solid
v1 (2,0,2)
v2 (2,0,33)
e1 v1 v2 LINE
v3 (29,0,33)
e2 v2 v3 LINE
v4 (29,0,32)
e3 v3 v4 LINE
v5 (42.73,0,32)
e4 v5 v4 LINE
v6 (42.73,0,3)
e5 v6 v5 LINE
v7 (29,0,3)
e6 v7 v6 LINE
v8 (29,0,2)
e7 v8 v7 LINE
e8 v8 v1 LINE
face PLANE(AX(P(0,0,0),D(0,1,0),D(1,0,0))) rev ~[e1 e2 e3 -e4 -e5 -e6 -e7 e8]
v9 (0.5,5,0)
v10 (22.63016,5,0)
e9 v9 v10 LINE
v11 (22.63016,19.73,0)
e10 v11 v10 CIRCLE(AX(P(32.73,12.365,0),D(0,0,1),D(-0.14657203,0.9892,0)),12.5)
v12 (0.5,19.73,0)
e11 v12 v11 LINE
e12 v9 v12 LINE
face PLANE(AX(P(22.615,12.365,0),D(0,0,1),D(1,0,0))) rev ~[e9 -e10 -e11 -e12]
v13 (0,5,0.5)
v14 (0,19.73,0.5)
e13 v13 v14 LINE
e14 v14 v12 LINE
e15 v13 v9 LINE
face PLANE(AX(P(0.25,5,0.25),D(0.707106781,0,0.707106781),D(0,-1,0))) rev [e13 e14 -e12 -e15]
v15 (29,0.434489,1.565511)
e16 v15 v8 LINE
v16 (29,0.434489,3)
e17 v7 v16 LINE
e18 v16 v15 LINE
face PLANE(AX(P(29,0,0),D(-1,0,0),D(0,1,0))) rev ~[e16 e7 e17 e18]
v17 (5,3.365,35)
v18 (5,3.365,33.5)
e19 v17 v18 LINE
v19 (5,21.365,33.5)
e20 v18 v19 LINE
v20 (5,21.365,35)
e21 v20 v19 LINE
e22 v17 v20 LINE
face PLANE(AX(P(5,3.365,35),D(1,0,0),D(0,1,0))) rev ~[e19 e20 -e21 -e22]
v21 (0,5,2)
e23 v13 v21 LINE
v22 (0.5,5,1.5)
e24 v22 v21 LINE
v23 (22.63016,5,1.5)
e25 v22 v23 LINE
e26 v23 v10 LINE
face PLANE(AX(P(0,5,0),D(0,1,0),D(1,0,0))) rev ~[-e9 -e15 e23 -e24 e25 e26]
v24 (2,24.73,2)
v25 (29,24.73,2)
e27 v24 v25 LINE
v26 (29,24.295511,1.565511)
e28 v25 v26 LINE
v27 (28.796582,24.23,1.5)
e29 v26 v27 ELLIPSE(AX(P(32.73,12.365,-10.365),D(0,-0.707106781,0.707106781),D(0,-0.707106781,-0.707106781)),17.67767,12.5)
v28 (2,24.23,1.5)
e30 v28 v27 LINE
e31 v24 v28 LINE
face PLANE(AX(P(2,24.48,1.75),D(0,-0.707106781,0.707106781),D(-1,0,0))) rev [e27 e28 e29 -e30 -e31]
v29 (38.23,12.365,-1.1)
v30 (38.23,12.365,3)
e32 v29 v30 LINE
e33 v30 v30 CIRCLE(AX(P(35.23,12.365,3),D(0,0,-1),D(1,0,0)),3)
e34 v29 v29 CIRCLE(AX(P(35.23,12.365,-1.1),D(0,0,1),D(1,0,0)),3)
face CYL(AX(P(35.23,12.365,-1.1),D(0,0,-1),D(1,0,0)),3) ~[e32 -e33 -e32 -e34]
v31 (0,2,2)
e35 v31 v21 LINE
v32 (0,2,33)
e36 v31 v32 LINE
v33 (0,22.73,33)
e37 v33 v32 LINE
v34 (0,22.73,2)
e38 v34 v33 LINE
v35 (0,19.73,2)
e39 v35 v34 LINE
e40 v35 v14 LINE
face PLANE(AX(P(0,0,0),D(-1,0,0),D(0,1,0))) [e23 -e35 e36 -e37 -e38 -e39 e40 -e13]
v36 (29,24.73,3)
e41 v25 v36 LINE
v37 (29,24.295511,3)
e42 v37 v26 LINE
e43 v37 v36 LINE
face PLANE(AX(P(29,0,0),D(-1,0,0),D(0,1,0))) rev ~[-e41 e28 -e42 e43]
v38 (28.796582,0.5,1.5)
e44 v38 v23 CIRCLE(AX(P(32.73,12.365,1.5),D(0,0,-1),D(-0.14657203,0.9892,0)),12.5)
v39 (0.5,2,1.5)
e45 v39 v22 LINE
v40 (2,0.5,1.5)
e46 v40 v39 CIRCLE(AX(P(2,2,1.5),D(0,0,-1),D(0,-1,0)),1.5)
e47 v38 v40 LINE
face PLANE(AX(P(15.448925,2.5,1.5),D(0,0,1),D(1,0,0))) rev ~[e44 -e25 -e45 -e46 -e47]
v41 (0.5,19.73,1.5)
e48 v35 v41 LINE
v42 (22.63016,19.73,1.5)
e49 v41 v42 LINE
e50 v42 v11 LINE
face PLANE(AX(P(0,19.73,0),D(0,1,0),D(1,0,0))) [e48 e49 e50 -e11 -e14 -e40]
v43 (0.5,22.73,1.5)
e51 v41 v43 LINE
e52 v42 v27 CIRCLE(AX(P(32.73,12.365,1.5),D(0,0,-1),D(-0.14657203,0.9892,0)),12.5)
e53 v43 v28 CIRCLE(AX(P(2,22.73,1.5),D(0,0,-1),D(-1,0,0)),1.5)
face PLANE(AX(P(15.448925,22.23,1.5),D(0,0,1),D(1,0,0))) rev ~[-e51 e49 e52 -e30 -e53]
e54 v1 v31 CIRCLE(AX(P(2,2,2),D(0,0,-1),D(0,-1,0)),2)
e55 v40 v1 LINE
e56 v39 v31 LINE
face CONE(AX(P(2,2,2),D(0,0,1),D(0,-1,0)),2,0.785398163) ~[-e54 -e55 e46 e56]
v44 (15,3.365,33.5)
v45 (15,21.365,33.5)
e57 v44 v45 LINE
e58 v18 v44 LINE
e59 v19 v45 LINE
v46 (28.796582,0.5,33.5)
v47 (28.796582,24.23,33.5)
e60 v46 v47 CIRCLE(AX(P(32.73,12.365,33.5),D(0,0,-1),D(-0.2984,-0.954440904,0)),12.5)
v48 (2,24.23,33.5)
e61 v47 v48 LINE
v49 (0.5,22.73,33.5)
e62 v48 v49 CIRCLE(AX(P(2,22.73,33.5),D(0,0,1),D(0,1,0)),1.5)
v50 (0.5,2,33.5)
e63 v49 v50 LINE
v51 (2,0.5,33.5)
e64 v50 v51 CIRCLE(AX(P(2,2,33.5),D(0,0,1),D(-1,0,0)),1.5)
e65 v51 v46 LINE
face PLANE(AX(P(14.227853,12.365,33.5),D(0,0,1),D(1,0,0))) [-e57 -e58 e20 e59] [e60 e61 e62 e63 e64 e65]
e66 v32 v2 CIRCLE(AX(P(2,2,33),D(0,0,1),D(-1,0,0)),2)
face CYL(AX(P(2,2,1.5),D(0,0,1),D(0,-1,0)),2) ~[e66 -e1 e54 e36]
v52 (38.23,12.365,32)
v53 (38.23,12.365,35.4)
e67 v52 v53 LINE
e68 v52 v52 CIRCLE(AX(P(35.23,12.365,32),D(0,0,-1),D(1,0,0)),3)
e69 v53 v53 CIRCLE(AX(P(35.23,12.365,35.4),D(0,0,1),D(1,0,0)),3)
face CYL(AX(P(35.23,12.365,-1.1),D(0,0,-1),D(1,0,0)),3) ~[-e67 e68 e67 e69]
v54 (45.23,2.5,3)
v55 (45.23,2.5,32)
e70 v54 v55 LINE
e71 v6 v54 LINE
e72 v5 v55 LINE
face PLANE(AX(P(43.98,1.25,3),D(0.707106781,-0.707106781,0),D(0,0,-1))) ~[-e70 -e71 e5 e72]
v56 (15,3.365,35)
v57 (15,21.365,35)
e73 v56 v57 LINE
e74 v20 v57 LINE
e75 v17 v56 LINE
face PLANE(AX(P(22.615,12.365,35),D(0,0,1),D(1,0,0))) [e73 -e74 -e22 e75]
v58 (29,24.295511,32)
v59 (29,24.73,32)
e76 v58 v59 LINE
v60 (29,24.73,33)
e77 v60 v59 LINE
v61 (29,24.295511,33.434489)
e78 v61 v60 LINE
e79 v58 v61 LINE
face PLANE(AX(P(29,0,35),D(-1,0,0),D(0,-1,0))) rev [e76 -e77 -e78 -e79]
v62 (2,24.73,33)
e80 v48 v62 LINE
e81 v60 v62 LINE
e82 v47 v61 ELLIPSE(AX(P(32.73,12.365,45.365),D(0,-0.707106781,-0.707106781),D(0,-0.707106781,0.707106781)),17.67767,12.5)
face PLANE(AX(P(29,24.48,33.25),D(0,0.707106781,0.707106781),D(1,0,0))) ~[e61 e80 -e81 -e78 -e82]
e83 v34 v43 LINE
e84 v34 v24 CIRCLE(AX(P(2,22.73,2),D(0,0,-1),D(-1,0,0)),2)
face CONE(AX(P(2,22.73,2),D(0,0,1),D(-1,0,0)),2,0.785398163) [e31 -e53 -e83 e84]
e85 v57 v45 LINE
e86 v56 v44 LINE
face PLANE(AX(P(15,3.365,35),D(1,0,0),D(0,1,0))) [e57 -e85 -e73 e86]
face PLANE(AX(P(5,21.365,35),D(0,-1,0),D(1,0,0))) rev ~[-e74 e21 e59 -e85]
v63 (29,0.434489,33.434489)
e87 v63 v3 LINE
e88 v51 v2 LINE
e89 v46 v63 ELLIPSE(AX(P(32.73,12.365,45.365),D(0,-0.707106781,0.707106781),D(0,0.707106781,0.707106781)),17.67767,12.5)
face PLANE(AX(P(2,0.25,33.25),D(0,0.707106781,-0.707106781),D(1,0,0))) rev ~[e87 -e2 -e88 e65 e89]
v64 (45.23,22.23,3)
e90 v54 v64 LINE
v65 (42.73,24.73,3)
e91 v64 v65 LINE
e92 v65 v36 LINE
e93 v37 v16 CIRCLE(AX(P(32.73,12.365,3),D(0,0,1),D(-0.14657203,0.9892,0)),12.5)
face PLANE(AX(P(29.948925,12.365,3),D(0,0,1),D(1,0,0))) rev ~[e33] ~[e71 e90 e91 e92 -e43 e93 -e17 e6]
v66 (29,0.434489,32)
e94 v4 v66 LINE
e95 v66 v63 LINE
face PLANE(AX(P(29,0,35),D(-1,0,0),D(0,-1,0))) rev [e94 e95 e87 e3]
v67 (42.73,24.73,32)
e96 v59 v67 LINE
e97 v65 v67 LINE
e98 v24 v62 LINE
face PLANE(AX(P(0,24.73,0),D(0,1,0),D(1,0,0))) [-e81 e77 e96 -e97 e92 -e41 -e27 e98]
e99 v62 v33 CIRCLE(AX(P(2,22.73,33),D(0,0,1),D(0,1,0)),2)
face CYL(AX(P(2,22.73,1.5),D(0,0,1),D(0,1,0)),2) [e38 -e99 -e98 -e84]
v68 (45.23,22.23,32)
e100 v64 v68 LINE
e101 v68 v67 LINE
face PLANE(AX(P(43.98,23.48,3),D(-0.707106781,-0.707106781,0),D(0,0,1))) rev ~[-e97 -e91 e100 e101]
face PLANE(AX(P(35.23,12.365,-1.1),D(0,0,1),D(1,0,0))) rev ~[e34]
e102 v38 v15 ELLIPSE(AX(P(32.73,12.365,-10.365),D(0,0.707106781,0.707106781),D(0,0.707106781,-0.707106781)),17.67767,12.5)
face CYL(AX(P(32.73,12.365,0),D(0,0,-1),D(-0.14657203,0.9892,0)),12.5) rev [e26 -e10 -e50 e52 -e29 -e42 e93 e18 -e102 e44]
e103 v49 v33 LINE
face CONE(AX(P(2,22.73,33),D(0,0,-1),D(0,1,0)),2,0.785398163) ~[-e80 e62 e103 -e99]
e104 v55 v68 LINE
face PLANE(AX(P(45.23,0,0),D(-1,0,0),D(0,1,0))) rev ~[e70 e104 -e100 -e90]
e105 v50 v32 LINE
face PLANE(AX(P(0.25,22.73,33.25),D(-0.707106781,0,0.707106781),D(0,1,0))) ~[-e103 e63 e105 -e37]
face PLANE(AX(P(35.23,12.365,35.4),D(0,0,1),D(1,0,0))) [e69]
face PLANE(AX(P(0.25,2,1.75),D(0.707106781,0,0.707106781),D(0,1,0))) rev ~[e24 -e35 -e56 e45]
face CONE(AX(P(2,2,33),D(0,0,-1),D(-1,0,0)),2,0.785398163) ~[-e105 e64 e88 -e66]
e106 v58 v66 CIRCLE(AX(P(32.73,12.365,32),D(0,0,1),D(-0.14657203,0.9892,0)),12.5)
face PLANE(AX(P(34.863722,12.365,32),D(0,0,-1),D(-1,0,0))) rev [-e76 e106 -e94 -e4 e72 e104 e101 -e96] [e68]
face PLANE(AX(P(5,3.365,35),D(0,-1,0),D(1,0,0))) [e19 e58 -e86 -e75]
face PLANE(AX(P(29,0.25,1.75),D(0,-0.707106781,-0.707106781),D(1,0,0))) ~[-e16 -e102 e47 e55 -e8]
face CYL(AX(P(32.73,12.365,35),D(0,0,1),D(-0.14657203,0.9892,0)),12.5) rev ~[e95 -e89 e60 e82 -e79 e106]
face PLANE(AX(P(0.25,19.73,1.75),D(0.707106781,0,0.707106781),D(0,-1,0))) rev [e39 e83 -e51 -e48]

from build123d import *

# Parameters (mm, degrees)
SKETCH_1_W           = 45.23
SKETCH_1_H           = 24.73
EXTRUDE_1_DEPTH      = 35
CUT_EXTRUDE_1_DEPTH  = 3
SKETCH_5_W           = 1.897849624
SKETCH_5_H           = 24.73
CUT_EXTRUDE_3_DEPTH  = 3
EXTRUDE_2_DEPTH      = 17.9
EXTRUDE_2_DEPTH_BACK = 18.6
EXTRUDE_2_START      = 17.5
SKETCH_3_R           = 3
SKETCH_4_W           = 30.897849624
SKETCH_4_H           = 5
CUT_EXTRUDE_2_DEPTH  = 1.5
CHAMFER_1_SIZE       = 2.5
FILLET_1_R           = 2
SKETCH_6_W           = 10
SKETCH_6_H           = 18
CUT_EXTRUDE_4_DEPTH  = 1.5
CHAMFER_2_SIZE       = 0.5


with BuildPart() as part:
    # 草图1 → 凸台-拉伸1 (new body)
    with BuildSketch(Plane.XY):
        with Locations((22.615, 12.365)):
            Rectangle(SKETCH_1_W, SKETCH_1_H)
    extrude(amount=EXTRUDE_1_DEPTH)

    # 草图2 → 切除-拉伸1 (cut)
    with BuildSketch(Plane.XY):
        with BuildLine():
            Line((45.23, 24.73), (30.897849624, 24.73))
            ThreePointArc((30.897849624, 24.73), (20.23, 12.365), (30.897849624, 0))
            Line((30.897849624, 0), (45.23, 0))
            Line((45.23, 0), (45.23, 24.73))
        make_face()
    cut_extrude_1 = extrude(amount=CUT_EXTRUDE_1_DEPTH, mode=Mode.SUBTRACT)

    # 草图5 → 切除-拉伸3 (cut)
    with BuildSketch(Plane.XY):
        with Locations((29.948924812, 12.365)):
            Rectangle(SKETCH_5_W, SKETCH_5_H)
    cut_extrude_3 = extrude(amount=CUT_EXTRUDE_3_DEPTH, mode=Mode.SUBTRACT)

    # 镜向1: 切除-拉伸1, 切除-拉伸3 across plane
    add(cut_extrude_1.mirror(Plane.XY.offset(17.5)), mode=Mode.SUBTRACT)
    add(cut_extrude_3.mirror(Plane.XY.offset(17.5)), mode=Mode.SUBTRACT)

    # 草图3 → 凸台-拉伸2 (add, two sides: drawn at the far end of the back side and taken through both)
    with BuildSketch(Plane.XY.offset(EXTRUDE_2_START - EXTRUDE_2_DEPTH_BACK)):
        with Locations((35.23, 12.365)):
            Circle(SKETCH_3_R)
    extrude(amount=EXTRUDE_2_DEPTH + EXTRUDE_2_DEPTH_BACK)

    # 草图4 → 切除-拉伸2 (cut)
    with BuildSketch(Plane.XY):
        with Locations((15.448924812, 22.23)):
            Rectangle(SKETCH_4_W, SKETCH_4_H)
        with Locations((15.448924812, 2.5)):
            Rectangle(SKETCH_4_W, SKETCH_4_H)
    extrude(amount=CUT_EXTRUDE_2_DEPTH, mode=Mode.SUBTRACT)

    # 倒角1
    chamfer_1_edges = [part.edges().sort_by_distance(p)[0] for p in [
        (45.23, 0, 17.5),
        (45.23, 24.73, 17.5),
    ]]
    chamfer(chamfer_1_edges, length=CHAMFER_1_SIZE)

    # 圆角1
    fillet_1_edges = [part.edges().sort_by_distance(p)[0] for p in [
        (0, 24.73, 18.25),
        (0, 0, 18.25),
    ]]
    fillet(fillet_1_edges, radius=FILLET_1_R)

    # 草图6 → 切除-拉伸4 (cut)
    with BuildSketch(Plane.XY.offset(35)):
        with BuildLine():
            Line((29, 24.73), (2, 24.73))
            ThreePointArc((2, 24.73), (0.585786438, 24.144213562), (0, 22.73))
            Line((0, 22.73), (0, 2))
            ThreePointArc((0, 2), (0.585786438, 0.585786438), (2, 0))
            Line((2, 0), (29, 0))
            Line((29, 0), (29, 0.434488695))
            ThreePointArc((29, 0.434488695), (20.23, 12.365), (29, 24.295511305))
            Line((29, 24.295511305), (29, 24.73))
        make_face()
        with Locations((10, 12.365)):
            Rectangle(SKETCH_6_W, SKETCH_6_H, mode=Mode.SUBTRACT)
    extrude(amount=-CUT_EXTRUDE_4_DEPTH, mode=Mode.SUBTRACT)

    # 倒角2
    chamfer_2_edges = [part.edges().sort_by_distance(p)[0] for p in [
        (0, 21.23, 1.5),
        (15.5, 24.73, 1.5),
        (0, 12.365, 0),
        (0, 3.5, 1.5),
        (15.5, 0, 1.5),
        (15.5, 24.73, 33.5),
        (15.5, 0, 33.5),
    ]]
    chamfer(chamfer_2_edges, length=CHAMFER_2_SIZE)


solid = part.part
